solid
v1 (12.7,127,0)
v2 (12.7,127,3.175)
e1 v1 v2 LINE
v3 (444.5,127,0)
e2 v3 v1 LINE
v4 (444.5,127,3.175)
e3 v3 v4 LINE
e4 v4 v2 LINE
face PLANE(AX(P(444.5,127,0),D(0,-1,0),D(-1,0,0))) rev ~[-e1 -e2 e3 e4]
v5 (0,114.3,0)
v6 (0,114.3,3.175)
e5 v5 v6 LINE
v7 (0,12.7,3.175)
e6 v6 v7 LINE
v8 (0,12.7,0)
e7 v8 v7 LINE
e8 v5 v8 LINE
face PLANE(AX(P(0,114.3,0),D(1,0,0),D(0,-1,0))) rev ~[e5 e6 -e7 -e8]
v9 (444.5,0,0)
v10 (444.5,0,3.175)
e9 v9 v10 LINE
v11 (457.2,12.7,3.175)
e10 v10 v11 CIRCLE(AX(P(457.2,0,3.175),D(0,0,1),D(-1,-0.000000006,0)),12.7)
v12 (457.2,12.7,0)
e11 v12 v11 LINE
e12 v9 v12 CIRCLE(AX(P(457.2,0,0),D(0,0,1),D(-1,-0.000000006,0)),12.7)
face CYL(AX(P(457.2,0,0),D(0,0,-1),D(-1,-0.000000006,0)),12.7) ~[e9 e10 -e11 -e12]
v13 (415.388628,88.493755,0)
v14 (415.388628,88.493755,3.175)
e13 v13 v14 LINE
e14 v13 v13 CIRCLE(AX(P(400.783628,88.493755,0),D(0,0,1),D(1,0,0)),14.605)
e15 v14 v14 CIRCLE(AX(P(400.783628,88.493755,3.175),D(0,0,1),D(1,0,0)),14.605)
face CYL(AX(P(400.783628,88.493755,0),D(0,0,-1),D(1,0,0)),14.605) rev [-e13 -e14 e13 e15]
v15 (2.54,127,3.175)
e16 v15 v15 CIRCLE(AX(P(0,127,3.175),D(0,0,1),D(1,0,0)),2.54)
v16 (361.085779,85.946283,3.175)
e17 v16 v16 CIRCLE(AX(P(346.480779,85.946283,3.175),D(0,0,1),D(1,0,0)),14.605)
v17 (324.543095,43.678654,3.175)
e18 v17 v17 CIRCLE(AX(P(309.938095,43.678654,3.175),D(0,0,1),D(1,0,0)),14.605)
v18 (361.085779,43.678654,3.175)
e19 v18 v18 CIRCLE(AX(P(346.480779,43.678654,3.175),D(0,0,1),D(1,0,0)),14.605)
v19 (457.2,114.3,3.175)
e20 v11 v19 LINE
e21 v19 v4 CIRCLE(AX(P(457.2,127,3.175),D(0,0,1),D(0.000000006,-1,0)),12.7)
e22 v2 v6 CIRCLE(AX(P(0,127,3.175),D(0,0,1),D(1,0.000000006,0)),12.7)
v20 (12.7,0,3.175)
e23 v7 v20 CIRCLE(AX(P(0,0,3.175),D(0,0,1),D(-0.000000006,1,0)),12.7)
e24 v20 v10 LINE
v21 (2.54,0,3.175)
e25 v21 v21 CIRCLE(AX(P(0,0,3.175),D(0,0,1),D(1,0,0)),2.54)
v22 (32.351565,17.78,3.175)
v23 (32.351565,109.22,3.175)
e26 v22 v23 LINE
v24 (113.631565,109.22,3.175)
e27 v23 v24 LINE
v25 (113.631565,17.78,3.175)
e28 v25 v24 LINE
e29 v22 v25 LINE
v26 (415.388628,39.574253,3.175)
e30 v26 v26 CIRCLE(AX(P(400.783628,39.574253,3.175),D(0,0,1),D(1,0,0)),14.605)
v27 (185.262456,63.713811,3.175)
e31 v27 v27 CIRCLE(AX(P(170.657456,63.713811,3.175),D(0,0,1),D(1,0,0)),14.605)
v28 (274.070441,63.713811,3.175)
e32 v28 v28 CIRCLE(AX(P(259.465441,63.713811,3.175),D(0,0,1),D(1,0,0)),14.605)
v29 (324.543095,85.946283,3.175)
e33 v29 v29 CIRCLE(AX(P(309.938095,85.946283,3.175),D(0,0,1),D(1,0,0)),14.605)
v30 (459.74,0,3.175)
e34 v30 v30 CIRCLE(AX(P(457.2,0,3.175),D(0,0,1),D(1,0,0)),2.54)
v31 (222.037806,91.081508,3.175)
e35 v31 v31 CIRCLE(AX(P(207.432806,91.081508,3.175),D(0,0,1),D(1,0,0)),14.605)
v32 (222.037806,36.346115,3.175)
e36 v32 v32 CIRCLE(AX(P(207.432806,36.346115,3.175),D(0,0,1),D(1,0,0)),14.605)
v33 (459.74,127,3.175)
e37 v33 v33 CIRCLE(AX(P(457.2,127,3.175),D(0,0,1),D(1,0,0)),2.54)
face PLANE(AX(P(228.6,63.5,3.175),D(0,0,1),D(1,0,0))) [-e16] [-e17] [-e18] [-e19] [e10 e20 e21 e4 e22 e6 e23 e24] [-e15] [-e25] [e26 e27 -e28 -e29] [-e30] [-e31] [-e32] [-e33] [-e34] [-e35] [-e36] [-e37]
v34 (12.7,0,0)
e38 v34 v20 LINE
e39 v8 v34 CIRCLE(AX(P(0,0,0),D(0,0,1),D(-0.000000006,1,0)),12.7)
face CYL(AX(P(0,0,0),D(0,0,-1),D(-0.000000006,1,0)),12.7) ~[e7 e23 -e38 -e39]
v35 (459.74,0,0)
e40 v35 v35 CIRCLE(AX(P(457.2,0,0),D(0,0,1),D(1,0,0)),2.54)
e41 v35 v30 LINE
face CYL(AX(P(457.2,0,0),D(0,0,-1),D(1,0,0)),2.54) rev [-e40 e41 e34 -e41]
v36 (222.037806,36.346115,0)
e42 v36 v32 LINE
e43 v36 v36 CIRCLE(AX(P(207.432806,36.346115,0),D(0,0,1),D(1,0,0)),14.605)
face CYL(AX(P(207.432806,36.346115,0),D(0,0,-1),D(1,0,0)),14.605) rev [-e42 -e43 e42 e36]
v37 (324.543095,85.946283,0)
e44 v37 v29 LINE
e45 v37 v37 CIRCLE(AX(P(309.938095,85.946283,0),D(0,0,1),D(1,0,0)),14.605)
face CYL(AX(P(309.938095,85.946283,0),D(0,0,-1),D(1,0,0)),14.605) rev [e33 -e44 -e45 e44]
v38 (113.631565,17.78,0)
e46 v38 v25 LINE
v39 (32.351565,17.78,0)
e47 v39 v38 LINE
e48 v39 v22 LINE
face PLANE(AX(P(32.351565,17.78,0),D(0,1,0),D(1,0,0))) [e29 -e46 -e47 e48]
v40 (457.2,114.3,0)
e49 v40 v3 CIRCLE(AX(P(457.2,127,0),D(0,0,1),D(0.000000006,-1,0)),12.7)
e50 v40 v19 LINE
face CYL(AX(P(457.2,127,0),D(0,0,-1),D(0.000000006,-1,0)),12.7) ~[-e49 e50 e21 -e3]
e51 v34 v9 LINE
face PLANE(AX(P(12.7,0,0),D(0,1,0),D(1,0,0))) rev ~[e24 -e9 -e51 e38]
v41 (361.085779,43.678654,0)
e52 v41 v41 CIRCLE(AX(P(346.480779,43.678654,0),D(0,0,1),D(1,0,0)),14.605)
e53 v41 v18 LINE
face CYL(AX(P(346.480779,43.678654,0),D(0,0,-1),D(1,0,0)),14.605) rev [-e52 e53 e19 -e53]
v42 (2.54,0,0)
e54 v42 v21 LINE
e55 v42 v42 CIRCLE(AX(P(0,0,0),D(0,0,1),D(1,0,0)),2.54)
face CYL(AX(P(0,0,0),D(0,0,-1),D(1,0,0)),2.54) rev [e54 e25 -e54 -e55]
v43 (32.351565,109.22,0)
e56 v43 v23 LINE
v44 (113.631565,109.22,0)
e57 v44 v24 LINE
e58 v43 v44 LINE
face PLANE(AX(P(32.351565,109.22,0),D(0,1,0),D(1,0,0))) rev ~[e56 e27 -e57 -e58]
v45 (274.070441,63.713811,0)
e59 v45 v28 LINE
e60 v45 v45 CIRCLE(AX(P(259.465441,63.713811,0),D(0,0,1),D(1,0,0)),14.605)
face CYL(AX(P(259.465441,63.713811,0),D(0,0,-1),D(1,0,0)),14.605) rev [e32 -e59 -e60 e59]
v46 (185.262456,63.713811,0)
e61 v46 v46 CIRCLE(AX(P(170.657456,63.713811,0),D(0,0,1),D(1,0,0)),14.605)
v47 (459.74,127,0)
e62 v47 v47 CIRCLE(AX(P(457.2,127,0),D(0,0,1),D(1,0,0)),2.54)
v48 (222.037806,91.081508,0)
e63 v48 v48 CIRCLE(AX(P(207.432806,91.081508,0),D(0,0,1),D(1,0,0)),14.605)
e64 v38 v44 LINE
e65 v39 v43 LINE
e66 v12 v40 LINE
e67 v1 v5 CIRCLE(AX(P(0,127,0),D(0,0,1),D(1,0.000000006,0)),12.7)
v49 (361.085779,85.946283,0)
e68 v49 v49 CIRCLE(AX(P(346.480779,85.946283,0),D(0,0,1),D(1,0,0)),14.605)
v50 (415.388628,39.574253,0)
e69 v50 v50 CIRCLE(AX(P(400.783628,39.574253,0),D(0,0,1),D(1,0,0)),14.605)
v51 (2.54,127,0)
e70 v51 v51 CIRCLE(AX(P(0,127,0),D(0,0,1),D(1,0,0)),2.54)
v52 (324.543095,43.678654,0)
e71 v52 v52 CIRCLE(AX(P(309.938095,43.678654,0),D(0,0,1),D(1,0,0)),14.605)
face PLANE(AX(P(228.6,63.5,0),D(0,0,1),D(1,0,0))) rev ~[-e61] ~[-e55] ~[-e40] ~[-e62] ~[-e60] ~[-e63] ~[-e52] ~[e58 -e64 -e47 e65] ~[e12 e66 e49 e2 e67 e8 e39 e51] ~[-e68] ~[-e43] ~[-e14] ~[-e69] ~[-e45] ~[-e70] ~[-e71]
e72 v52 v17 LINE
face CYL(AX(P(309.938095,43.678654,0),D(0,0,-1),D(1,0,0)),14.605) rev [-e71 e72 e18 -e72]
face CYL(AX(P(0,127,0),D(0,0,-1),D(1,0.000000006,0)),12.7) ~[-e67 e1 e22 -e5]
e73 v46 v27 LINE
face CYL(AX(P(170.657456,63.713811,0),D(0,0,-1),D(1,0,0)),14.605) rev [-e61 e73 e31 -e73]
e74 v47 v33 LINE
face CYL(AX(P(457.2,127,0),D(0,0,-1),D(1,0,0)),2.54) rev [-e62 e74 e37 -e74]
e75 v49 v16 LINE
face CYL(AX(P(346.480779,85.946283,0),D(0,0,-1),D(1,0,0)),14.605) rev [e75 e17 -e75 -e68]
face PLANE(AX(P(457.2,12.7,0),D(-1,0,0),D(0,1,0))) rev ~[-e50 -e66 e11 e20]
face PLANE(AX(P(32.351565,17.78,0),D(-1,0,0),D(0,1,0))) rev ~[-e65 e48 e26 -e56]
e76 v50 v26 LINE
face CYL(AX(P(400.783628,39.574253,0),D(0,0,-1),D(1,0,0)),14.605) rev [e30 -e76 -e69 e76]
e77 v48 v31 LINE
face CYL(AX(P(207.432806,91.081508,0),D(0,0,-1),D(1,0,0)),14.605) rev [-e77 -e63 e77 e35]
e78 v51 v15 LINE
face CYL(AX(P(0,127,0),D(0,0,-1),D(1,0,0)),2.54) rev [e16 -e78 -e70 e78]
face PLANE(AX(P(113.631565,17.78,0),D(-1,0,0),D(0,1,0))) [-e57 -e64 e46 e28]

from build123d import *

# Parameters (mm, degrees)
F0_R     = 2.54
F0_W     = 81.28
F0_H     = 91.44
F0_R_2   = 14.605
F1_DEPTH = 3.175


with BuildPart() as f1:
    # F0 (on Top) → F1 (new body)
    with BuildSketch(Plane.XY):
        with BuildLine():
            ThreePointArc((0, 12.7), (-8.980256, -8.980256), (12.7, 0))
            Line((12.7, 0), (444.5, 0))
            ThreePointArc((444.5, 0), (466.180256, -8.980256), (457.2, 12.7))
            Line((457.2, 12.7), (457.2, 114.3))
            ThreePointArc((457.2, 114.3), (466.180256, 135.980256), (444.5, 127))
            Line((444.5, 127), (12.7, 127))
            ThreePointArc((12.7, 127), (-8.980256, 135.980256), (0, 114.3))
            Line((0, 114.3), (0, 12.7))
        make_face()
        Circle(F0_R, mode=Mode.SUBTRACT)
        with Locations((72.991565, 63.5)):
            Rectangle(F0_W, F0_H, mode=Mode.SUBTRACT)
        with Locations((207.432806, 36.346115)):
            Circle(F0_R_2, mode=Mode.SUBTRACT)
        with Locations((457.2, 0)):
            Circle(F0_R, mode=Mode.SUBTRACT)
        with Locations((309.938095, 43.678654)):
            Circle(F0_R_2, mode=Mode.SUBTRACT)
        with Locations((346.480779, 43.678654)):
            Circle(F0_R_2, mode=Mode.SUBTRACT)
        with Locations((400.783628, 39.574253)):
            Circle(F0_R_2, mode=Mode.SUBTRACT)
        with Locations((170.657456, 63.713811)):
            Circle(F0_R_2, mode=Mode.SUBTRACT)
        with Locations((207.432806, 91.081508)):
            Circle(F0_R_2, mode=Mode.SUBTRACT)
        with Locations((0, 127)):
            Circle(F0_R, mode=Mode.SUBTRACT)
        with Locations((259.465441, 63.713811)):
            Circle(F0_R_2, mode=Mode.SUBTRACT)
        with Locations((309.938095, 85.946283)):
            Circle(F0_R_2, mode=Mode.SUBTRACT)
        with Locations((346.480779, 85.946283)):
            Circle(F0_R_2, mode=Mode.SUBTRACT)
        with Locations((400.783628, 88.493755)):
            Circle(F0_R_2, mode=Mode.SUBTRACT)
        with Locations((457.2, 127)):
            Circle(F0_R, mode=Mode.SUBTRACT)
    extrude(amount=F1_DEPTH)


solid = f1.part
